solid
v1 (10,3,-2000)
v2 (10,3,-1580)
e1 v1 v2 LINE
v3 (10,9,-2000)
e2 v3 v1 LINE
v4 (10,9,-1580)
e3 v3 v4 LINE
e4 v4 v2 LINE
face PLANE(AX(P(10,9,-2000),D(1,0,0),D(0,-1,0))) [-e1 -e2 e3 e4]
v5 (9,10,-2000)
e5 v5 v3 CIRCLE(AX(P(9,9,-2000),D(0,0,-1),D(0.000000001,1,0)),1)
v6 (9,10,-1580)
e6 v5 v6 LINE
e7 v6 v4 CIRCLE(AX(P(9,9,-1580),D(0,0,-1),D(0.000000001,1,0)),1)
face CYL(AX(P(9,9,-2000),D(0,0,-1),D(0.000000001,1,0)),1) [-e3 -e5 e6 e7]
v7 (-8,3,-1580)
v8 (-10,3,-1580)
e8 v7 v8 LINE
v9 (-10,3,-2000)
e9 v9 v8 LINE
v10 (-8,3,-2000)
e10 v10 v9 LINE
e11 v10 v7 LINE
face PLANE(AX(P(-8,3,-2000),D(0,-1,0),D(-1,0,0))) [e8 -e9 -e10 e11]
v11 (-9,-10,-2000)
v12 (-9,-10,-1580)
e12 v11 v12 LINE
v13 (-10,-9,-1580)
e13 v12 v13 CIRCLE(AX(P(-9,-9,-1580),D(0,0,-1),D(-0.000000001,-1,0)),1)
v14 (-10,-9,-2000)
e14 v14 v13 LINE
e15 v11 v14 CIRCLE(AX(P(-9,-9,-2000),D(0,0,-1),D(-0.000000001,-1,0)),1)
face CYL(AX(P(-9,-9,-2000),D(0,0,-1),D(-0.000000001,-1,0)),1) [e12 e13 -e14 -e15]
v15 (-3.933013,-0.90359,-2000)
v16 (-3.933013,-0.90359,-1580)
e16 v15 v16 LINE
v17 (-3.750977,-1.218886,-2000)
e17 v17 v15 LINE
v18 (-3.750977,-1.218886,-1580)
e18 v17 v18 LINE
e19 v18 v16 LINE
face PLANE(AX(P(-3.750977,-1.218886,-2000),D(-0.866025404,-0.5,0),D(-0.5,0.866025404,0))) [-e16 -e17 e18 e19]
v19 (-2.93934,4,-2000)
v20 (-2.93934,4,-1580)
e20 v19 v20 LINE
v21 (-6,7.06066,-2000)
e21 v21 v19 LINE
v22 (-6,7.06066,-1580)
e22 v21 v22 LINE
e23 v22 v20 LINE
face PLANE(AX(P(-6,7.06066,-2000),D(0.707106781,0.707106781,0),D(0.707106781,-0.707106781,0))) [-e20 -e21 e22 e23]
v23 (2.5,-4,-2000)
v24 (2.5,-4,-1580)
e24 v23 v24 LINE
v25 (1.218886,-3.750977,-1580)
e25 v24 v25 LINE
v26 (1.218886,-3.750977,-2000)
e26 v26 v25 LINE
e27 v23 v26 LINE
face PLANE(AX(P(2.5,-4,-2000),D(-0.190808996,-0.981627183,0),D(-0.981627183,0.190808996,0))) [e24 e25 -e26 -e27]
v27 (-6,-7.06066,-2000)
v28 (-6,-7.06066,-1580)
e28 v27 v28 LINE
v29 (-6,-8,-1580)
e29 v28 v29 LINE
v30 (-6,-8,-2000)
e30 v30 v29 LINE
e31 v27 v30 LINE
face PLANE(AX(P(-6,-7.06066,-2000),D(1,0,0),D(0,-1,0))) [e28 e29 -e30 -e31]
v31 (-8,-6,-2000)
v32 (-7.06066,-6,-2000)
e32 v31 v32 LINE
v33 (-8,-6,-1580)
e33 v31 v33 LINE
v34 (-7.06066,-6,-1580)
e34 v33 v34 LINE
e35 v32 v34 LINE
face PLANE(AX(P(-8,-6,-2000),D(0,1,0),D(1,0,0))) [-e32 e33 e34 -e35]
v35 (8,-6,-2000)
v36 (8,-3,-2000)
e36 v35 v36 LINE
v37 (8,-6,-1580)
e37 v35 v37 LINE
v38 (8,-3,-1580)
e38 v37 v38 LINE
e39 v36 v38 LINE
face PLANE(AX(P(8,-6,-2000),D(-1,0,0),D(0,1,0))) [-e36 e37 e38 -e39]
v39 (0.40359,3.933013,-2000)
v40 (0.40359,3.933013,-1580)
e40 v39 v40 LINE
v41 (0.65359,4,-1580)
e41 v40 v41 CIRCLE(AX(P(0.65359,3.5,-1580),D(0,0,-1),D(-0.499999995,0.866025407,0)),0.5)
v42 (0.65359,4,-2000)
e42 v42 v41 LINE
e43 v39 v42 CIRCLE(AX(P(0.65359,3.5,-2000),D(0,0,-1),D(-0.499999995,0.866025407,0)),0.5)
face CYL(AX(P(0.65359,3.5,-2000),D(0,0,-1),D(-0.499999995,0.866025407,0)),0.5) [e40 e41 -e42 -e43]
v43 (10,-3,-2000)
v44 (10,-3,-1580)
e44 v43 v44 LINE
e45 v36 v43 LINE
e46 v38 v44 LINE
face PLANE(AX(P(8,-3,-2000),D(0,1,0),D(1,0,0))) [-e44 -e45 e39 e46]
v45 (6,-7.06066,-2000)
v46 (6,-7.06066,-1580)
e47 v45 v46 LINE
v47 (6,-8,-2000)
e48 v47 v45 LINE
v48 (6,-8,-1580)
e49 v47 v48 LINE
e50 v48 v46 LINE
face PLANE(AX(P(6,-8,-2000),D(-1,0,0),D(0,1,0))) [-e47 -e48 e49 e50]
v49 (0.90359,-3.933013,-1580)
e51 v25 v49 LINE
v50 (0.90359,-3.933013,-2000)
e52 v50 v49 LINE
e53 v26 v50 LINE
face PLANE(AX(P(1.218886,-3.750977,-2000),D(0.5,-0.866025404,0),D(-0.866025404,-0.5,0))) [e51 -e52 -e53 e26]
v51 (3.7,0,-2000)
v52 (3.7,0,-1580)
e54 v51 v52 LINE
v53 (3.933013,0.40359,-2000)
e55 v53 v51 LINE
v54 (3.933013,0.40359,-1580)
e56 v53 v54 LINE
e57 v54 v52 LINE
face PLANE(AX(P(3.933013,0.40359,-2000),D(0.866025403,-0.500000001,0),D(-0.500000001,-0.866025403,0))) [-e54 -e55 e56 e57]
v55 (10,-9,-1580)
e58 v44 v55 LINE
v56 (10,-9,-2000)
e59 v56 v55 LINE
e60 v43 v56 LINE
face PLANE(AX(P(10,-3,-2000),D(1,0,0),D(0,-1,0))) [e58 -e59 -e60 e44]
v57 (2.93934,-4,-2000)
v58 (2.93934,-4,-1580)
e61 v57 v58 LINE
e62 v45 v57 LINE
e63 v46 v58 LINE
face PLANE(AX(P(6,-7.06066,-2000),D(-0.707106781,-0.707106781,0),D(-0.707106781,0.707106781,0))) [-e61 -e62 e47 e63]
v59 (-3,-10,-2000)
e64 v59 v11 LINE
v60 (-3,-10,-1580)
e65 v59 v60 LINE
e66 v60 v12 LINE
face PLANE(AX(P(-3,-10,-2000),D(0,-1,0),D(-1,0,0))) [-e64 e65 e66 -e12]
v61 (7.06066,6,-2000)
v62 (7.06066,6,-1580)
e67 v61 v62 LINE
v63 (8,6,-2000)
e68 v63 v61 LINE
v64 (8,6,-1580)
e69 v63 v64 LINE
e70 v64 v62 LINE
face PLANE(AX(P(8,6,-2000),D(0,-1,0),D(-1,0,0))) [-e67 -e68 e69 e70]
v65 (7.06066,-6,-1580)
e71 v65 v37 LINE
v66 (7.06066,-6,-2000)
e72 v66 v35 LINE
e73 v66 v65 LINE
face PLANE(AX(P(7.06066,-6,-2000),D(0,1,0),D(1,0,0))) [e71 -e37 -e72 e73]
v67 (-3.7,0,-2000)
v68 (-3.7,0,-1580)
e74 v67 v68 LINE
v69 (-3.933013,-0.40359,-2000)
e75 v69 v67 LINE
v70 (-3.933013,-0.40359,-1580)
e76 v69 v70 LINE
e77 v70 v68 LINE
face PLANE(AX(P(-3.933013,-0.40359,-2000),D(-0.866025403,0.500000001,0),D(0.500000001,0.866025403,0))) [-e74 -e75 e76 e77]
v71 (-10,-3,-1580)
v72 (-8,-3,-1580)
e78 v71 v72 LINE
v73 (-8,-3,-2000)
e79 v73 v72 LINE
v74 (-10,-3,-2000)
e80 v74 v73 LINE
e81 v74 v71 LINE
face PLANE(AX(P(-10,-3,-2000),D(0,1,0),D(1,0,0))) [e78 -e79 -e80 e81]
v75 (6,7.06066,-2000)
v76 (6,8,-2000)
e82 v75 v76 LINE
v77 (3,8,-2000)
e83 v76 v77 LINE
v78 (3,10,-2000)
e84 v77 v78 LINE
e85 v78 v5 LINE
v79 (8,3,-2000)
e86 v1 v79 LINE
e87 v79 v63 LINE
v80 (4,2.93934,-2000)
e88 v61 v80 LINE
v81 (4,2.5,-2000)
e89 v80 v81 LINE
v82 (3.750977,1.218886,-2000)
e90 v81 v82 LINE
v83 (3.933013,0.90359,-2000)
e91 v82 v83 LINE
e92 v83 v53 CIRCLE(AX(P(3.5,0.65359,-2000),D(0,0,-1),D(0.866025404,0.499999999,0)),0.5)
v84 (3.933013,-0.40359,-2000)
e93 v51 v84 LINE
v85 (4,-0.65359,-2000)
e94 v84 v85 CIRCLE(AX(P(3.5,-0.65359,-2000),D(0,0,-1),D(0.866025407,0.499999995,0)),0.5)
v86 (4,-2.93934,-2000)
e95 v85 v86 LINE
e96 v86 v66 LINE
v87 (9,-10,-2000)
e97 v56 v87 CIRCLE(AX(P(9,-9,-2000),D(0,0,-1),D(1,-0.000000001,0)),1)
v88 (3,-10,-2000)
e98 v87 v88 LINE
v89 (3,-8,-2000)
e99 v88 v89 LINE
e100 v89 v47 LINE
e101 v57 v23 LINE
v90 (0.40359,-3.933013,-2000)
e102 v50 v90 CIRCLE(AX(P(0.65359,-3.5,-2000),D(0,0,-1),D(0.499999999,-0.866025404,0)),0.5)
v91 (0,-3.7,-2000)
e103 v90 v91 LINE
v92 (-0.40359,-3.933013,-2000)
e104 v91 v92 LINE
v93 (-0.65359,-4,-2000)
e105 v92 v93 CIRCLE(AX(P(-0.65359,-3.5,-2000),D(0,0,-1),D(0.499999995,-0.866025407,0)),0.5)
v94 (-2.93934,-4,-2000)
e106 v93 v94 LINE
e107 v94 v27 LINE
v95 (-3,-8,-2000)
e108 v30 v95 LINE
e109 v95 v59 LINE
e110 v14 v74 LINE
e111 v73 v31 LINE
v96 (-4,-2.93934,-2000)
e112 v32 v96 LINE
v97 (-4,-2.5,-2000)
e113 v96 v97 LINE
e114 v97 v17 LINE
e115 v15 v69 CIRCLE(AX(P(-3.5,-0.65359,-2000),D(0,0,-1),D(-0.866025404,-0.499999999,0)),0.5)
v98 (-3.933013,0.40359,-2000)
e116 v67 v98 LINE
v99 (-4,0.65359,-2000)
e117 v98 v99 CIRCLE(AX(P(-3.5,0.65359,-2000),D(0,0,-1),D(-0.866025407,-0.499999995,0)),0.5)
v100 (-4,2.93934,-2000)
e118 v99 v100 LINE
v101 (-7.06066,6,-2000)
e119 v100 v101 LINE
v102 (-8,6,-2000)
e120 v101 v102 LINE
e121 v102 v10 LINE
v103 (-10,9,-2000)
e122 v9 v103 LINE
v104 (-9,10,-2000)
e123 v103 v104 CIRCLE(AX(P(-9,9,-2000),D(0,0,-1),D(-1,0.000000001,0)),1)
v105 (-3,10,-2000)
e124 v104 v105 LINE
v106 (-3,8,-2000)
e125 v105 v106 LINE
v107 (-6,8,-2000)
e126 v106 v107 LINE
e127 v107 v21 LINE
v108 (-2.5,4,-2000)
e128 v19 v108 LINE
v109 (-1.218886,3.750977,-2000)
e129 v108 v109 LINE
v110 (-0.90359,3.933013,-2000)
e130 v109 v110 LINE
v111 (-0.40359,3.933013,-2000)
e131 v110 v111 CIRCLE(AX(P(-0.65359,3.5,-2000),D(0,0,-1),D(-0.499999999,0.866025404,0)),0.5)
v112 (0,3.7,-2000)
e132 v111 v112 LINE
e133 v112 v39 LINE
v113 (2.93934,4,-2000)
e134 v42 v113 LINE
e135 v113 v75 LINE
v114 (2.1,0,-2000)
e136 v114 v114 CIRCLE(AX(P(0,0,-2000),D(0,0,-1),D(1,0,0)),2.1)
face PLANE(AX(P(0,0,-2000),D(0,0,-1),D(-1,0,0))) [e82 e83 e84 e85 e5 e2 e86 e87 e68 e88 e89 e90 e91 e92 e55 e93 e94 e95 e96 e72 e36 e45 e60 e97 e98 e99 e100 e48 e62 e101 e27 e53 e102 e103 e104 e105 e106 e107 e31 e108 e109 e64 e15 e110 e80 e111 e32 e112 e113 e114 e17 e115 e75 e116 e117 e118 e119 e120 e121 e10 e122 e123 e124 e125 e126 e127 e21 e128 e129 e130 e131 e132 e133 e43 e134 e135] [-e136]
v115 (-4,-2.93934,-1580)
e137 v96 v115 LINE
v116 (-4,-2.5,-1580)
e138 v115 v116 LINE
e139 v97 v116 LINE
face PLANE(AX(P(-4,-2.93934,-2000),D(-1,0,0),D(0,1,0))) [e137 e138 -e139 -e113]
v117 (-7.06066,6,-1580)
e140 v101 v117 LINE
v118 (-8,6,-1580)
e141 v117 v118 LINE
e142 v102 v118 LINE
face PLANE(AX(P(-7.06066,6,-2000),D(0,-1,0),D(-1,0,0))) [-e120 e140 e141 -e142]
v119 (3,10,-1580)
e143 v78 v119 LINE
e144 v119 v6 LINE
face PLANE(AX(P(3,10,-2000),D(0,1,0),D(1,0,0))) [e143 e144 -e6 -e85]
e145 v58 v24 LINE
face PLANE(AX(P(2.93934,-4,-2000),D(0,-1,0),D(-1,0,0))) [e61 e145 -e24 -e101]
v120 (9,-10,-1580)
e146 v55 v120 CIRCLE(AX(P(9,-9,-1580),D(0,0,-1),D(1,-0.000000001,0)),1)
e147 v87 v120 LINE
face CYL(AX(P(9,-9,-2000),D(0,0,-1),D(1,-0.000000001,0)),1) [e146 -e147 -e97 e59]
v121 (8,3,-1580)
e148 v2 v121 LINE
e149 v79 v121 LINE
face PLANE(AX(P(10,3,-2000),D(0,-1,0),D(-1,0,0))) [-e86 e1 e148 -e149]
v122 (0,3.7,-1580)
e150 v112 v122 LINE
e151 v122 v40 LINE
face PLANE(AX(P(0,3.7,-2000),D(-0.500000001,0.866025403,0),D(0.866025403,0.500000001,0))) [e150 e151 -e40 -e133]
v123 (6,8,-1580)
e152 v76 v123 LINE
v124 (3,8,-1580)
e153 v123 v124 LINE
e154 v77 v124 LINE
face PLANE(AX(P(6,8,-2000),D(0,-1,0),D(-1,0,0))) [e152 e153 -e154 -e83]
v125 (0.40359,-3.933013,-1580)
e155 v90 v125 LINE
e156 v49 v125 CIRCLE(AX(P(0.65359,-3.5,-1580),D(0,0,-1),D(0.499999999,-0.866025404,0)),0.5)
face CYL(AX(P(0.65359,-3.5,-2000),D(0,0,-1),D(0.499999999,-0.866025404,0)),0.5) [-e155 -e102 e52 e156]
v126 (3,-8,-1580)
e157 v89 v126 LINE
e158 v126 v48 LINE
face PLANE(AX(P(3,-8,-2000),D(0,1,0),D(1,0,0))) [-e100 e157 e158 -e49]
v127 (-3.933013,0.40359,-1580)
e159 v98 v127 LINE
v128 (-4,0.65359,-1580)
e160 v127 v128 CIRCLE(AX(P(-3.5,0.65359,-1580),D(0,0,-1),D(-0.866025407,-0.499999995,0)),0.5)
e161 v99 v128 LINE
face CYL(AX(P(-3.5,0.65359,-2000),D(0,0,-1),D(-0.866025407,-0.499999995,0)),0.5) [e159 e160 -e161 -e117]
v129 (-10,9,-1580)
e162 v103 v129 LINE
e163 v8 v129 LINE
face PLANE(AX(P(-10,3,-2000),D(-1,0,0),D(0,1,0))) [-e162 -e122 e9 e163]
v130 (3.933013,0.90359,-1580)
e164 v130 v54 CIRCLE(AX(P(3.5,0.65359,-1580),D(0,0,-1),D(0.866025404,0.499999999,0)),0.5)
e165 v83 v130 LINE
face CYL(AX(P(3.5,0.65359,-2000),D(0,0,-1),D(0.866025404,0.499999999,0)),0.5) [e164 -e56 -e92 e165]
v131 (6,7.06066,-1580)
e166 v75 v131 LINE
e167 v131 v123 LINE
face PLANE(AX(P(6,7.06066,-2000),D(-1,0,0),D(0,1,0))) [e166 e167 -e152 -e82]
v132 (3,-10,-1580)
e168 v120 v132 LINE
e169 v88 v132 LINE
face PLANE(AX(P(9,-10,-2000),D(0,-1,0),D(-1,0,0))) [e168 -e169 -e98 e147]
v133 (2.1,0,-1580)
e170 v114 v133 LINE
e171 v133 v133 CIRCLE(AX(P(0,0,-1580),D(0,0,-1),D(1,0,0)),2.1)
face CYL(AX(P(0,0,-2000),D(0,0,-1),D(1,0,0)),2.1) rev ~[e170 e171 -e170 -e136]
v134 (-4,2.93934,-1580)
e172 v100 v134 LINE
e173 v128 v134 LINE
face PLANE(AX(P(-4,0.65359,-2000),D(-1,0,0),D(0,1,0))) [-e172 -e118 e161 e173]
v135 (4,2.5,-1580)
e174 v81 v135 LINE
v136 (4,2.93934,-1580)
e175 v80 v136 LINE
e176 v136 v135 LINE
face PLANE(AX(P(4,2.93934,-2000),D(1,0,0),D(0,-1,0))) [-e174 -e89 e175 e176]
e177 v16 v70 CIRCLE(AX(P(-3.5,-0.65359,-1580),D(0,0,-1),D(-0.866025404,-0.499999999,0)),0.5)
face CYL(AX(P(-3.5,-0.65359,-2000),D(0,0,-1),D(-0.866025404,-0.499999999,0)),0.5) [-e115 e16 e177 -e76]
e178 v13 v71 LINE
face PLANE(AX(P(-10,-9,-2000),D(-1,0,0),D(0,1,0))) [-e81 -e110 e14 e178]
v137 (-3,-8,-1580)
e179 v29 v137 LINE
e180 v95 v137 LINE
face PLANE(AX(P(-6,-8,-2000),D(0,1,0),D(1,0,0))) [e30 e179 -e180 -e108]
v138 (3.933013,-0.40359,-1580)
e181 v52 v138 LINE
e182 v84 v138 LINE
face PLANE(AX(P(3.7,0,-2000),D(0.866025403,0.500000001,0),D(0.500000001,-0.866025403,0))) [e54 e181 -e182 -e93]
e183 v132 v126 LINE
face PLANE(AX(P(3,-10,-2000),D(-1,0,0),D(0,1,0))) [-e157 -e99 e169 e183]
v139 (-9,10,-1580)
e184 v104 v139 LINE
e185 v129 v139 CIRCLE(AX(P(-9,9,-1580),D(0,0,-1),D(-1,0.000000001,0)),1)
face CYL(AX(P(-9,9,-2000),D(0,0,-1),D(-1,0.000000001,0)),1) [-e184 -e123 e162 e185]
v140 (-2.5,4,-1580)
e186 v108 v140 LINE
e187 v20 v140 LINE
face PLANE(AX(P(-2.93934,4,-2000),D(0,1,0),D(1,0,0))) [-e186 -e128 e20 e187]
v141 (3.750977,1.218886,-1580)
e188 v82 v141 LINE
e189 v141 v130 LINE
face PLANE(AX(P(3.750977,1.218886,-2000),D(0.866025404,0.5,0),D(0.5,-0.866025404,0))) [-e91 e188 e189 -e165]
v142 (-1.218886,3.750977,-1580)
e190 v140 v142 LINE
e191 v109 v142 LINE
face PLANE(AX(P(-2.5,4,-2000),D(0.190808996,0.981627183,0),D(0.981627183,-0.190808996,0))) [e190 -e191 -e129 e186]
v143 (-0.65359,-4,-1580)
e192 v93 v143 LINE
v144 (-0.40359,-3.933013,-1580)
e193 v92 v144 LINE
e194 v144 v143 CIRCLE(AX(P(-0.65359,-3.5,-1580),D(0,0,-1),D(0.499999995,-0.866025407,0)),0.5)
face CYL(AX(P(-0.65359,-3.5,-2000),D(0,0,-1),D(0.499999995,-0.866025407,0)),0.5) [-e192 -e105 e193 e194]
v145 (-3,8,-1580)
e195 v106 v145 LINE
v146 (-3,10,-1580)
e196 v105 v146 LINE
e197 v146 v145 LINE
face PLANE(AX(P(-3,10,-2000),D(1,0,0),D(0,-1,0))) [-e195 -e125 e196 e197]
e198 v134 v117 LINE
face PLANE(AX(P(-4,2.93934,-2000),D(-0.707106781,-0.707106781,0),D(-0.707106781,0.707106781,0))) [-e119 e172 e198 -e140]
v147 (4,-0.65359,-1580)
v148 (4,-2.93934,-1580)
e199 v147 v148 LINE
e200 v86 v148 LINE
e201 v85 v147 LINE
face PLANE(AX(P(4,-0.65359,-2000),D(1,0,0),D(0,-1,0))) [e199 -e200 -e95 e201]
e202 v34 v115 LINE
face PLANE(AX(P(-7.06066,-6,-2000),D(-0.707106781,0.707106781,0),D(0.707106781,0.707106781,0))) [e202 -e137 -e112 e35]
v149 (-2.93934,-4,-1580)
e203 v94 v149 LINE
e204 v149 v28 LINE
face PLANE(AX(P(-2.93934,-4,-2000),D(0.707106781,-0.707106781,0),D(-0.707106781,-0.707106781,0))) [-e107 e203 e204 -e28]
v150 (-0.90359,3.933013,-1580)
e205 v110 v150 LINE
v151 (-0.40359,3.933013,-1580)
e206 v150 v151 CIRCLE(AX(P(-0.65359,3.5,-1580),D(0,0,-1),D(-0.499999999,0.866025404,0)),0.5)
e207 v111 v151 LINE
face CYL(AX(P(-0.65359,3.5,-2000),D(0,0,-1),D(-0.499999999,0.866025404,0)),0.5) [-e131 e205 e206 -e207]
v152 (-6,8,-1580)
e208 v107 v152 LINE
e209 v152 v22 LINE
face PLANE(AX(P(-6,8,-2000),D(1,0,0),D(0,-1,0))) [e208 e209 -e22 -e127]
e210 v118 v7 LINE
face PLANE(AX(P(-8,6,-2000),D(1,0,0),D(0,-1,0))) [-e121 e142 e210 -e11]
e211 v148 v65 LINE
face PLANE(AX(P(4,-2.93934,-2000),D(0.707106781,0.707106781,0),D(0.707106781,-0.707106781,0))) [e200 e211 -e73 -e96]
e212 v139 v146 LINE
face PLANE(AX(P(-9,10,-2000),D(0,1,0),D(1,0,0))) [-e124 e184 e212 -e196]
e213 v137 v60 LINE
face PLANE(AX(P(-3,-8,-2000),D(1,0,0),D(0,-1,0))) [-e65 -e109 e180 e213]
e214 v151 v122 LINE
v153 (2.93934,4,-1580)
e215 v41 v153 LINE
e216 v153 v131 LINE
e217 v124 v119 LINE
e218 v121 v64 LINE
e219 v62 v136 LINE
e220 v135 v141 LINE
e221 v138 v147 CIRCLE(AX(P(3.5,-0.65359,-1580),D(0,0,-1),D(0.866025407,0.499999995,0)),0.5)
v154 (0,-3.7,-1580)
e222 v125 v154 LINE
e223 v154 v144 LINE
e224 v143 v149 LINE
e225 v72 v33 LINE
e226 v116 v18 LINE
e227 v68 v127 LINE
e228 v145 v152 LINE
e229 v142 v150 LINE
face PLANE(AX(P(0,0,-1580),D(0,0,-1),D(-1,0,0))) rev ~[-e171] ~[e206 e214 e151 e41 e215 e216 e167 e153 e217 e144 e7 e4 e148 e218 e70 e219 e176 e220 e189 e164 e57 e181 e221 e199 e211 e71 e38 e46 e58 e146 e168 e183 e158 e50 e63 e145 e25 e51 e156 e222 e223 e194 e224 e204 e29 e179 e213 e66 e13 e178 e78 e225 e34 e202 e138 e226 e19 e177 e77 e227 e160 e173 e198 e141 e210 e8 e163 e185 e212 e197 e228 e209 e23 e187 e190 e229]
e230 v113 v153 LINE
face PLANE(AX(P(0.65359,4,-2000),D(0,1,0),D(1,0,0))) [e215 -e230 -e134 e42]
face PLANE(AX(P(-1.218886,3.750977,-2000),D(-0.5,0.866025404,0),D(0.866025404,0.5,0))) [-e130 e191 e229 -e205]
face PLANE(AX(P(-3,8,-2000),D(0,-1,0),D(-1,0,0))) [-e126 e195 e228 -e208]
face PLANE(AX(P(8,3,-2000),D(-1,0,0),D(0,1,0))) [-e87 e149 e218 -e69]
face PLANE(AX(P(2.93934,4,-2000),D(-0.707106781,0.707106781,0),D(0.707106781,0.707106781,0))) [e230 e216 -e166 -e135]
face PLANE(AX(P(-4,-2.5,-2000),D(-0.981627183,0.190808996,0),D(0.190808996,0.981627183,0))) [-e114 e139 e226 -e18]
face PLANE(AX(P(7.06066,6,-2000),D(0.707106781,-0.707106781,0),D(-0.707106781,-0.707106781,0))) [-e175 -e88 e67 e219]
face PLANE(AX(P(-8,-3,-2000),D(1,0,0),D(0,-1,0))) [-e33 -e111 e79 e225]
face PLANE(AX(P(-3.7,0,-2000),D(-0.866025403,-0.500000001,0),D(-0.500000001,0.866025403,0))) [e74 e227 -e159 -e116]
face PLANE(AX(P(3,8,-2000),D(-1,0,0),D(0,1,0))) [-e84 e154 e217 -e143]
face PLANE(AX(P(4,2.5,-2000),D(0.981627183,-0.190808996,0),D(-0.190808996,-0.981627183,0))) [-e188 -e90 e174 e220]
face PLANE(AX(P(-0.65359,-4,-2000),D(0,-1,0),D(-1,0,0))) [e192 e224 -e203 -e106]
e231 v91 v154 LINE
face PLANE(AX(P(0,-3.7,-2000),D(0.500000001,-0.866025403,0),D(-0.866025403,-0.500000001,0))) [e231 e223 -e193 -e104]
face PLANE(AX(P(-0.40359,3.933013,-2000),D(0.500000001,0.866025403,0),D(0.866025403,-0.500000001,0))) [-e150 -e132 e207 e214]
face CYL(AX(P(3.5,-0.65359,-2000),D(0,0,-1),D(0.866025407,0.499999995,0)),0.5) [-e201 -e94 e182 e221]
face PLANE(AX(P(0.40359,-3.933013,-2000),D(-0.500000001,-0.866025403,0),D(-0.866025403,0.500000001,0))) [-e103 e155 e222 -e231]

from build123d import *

# Parameters (mm, degrees)
SKETCH1_R           = 2.1
BOSS_EXTRUDE1_DEPTH = 420


with BuildPart() as part:
    # Sketch1 → Boss-Extrude1 (new body)
    with BuildSketch(Plane(origin=(0, 0, -2000), x_dir=(-1, 0, 0), z_dir=(0, 0, -1))):
        with BuildLine():
            Line((10, -3), (8, -3))
            Line((8, -3), (8, -6))
            Line((8, -6), (7.060660172, -6))
            Line((7.060660172, -6), (4, -2.939339828))
            Line((4, -2.939339828), (4, -2.5))
            Line((4, -2.5), (3.750976592, -1.218885629))
            Line((3.750976592, -1.218885629), (3.933012702, -0.903589838))
            ThreePointArc((3.933012702, -0.903589838), (4, -0.653589838), (3.933012702, -0.403589838))
            Line((3.933012702, -0.403589838), (3.7, 0))
            Line((3.7, 0), (3.933012702, 0.403589838))
            ThreePointArc((3.933012702, 0.403589838), (3.982962913, 0.524180316), (4, 0.653589838))
            Line((4, 0.653589838), (4, 2.939339828))
            Line((4, 2.939339828), (7.060660172, 6))
            Line((7.060660172, 6), (8, 6))
            Line((8, 6), (8, 3))
            Line((8, 3), (10, 3))
            Line((10, 3), (10, 9))
            ThreePointArc((10, 9), (9.707106781, 9.707106781), (9, 10))
            Line((9, 10), (3, 10))
            Line((3, 10), (3, 8))
            Line((3, 8), (6, 8))
            Line((6, 8), (6, 7.060660172))
            Line((6, 7.060660172), (2.939339828, 4))
            Line((2.939339828, 4), (2.5, 4))
            Line((2.5, 4), (1.218885629, 3.750976592))
            Line((1.218885629, 3.750976592), (0.903589838, 3.933012702))
            ThreePointArc((0.903589838, 3.933012702), (0.653589838, 4), (0.403589838, 3.933012702))
            Line((0.403589838, 3.933012702), (0, 3.7))
            Line((0, 3.7), (-0.403589838, 3.933012702))
            ThreePointArc((-0.403589838, 3.933012702), (-0.524180316, 3.982962913), (-0.653589838, 4))
            Line((-0.653589838, 4), (-2.939339828, 4))
            Line((-2.939339828, 4), (-6, 7.060660172))
            Line((-6, 7.060660172), (-6, 8))
            Line((-6, 8), (-3, 8))
            Line((-3, 8), (-3, 10))
            Line((-3, 10), (-9, 10))
            ThreePointArc((-9, 10), (-9.707106781, 9.707106781), (-10, 9))
            Line((-10, 9), (-10, 3))
            Line((-10, 3), (-8, 3))
            Line((-8, 3), (-8, 6))
            Line((-8, 6), (-7.060660172, 6))
            Line((-7.060660172, 6), (-4, 2.939339828))
            Line((-4, 2.939339828), (-4, 2.5))
            Line((-4, 2.5), (-3.750976592, 1.218885629))
            Line((-3.750976592, 1.218885629), (-3.933012702, 0.903589838))
            ThreePointArc((-3.933012702, 0.903589838), (-4, 0.653589838), (-3.933012702, 0.403589838))
            Line((-3.933012702, 0.403589838), (-3.7, 0))
            Line((-3.7, 0), (-3.933012702, -0.403589838))
            ThreePointArc((-3.933012702, -0.403589838), (-3.982962913, -0.524180316), (-4, -0.653589838))
            Line((-4, -0.653589838), (-4, -2.939339828))
            Line((-4, -2.939339828), (-7.060660172, -6))
            Line((-7.060660172, -6), (-8, -6))
            Line((-8, -6), (-8, -3))
            Line((-8, -3), (-10, -3))
            Line((-10, -3), (-10, -9))
            ThreePointArc((-10, -9), (-9.707106781, -9.707106781), (-9, -10))
            Line((-9, -10), (-3, -10))
            Line((-3, -10), (-3, -8))
            Line((-3, -8), (-6, -8))
            Line((-6, -8), (-6, -7.060660172))
            Line((-6, -7.060660172), (-2.939339828, -4))
            Line((-2.939339828, -4), (-2.5, -4))
            Line((-2.5, -4), (-1.218885629, -3.750976592))
            Line((-1.218885629, -3.750976592), (-0.903589838, -3.933012702))
            ThreePointArc((-0.903589838, -3.933012702), (-0.653589838, -4), (-0.403589838, -3.933012702))
            Line((-0.403589838, -3.933012702), (0, -3.7))
            Line((0, -3.7), (0.403589838, -3.933012702))
            ThreePointArc((0.403589838, -3.933012702), (0.524180316, -3.982962913), (0.653589838, -4))
            Line((0.653589838, -4), (2.939339828, -4))
            Line((2.939339828, -4), (6, -7.060660172))
            Line((6, -7.060660172), (6, -8))
            Line((6, -8), (3, -8))
            Line((3, -8), (3, -10))
            Line((3, -10), (9, -10))
            ThreePointArc((9, -10), (9.707106781, -9.707106781), (10, -9))
            Line((10, -9), (10, -3))
        make_face()
        with Locations(Location((0, 0, 0), (0, 0, 180))):
            Circle(SKETCH1_R, mode=Mode.SUBTRACT)
    extrude(amount=-BOSS_EXTRUDE1_DEPTH)


solid = part.part
